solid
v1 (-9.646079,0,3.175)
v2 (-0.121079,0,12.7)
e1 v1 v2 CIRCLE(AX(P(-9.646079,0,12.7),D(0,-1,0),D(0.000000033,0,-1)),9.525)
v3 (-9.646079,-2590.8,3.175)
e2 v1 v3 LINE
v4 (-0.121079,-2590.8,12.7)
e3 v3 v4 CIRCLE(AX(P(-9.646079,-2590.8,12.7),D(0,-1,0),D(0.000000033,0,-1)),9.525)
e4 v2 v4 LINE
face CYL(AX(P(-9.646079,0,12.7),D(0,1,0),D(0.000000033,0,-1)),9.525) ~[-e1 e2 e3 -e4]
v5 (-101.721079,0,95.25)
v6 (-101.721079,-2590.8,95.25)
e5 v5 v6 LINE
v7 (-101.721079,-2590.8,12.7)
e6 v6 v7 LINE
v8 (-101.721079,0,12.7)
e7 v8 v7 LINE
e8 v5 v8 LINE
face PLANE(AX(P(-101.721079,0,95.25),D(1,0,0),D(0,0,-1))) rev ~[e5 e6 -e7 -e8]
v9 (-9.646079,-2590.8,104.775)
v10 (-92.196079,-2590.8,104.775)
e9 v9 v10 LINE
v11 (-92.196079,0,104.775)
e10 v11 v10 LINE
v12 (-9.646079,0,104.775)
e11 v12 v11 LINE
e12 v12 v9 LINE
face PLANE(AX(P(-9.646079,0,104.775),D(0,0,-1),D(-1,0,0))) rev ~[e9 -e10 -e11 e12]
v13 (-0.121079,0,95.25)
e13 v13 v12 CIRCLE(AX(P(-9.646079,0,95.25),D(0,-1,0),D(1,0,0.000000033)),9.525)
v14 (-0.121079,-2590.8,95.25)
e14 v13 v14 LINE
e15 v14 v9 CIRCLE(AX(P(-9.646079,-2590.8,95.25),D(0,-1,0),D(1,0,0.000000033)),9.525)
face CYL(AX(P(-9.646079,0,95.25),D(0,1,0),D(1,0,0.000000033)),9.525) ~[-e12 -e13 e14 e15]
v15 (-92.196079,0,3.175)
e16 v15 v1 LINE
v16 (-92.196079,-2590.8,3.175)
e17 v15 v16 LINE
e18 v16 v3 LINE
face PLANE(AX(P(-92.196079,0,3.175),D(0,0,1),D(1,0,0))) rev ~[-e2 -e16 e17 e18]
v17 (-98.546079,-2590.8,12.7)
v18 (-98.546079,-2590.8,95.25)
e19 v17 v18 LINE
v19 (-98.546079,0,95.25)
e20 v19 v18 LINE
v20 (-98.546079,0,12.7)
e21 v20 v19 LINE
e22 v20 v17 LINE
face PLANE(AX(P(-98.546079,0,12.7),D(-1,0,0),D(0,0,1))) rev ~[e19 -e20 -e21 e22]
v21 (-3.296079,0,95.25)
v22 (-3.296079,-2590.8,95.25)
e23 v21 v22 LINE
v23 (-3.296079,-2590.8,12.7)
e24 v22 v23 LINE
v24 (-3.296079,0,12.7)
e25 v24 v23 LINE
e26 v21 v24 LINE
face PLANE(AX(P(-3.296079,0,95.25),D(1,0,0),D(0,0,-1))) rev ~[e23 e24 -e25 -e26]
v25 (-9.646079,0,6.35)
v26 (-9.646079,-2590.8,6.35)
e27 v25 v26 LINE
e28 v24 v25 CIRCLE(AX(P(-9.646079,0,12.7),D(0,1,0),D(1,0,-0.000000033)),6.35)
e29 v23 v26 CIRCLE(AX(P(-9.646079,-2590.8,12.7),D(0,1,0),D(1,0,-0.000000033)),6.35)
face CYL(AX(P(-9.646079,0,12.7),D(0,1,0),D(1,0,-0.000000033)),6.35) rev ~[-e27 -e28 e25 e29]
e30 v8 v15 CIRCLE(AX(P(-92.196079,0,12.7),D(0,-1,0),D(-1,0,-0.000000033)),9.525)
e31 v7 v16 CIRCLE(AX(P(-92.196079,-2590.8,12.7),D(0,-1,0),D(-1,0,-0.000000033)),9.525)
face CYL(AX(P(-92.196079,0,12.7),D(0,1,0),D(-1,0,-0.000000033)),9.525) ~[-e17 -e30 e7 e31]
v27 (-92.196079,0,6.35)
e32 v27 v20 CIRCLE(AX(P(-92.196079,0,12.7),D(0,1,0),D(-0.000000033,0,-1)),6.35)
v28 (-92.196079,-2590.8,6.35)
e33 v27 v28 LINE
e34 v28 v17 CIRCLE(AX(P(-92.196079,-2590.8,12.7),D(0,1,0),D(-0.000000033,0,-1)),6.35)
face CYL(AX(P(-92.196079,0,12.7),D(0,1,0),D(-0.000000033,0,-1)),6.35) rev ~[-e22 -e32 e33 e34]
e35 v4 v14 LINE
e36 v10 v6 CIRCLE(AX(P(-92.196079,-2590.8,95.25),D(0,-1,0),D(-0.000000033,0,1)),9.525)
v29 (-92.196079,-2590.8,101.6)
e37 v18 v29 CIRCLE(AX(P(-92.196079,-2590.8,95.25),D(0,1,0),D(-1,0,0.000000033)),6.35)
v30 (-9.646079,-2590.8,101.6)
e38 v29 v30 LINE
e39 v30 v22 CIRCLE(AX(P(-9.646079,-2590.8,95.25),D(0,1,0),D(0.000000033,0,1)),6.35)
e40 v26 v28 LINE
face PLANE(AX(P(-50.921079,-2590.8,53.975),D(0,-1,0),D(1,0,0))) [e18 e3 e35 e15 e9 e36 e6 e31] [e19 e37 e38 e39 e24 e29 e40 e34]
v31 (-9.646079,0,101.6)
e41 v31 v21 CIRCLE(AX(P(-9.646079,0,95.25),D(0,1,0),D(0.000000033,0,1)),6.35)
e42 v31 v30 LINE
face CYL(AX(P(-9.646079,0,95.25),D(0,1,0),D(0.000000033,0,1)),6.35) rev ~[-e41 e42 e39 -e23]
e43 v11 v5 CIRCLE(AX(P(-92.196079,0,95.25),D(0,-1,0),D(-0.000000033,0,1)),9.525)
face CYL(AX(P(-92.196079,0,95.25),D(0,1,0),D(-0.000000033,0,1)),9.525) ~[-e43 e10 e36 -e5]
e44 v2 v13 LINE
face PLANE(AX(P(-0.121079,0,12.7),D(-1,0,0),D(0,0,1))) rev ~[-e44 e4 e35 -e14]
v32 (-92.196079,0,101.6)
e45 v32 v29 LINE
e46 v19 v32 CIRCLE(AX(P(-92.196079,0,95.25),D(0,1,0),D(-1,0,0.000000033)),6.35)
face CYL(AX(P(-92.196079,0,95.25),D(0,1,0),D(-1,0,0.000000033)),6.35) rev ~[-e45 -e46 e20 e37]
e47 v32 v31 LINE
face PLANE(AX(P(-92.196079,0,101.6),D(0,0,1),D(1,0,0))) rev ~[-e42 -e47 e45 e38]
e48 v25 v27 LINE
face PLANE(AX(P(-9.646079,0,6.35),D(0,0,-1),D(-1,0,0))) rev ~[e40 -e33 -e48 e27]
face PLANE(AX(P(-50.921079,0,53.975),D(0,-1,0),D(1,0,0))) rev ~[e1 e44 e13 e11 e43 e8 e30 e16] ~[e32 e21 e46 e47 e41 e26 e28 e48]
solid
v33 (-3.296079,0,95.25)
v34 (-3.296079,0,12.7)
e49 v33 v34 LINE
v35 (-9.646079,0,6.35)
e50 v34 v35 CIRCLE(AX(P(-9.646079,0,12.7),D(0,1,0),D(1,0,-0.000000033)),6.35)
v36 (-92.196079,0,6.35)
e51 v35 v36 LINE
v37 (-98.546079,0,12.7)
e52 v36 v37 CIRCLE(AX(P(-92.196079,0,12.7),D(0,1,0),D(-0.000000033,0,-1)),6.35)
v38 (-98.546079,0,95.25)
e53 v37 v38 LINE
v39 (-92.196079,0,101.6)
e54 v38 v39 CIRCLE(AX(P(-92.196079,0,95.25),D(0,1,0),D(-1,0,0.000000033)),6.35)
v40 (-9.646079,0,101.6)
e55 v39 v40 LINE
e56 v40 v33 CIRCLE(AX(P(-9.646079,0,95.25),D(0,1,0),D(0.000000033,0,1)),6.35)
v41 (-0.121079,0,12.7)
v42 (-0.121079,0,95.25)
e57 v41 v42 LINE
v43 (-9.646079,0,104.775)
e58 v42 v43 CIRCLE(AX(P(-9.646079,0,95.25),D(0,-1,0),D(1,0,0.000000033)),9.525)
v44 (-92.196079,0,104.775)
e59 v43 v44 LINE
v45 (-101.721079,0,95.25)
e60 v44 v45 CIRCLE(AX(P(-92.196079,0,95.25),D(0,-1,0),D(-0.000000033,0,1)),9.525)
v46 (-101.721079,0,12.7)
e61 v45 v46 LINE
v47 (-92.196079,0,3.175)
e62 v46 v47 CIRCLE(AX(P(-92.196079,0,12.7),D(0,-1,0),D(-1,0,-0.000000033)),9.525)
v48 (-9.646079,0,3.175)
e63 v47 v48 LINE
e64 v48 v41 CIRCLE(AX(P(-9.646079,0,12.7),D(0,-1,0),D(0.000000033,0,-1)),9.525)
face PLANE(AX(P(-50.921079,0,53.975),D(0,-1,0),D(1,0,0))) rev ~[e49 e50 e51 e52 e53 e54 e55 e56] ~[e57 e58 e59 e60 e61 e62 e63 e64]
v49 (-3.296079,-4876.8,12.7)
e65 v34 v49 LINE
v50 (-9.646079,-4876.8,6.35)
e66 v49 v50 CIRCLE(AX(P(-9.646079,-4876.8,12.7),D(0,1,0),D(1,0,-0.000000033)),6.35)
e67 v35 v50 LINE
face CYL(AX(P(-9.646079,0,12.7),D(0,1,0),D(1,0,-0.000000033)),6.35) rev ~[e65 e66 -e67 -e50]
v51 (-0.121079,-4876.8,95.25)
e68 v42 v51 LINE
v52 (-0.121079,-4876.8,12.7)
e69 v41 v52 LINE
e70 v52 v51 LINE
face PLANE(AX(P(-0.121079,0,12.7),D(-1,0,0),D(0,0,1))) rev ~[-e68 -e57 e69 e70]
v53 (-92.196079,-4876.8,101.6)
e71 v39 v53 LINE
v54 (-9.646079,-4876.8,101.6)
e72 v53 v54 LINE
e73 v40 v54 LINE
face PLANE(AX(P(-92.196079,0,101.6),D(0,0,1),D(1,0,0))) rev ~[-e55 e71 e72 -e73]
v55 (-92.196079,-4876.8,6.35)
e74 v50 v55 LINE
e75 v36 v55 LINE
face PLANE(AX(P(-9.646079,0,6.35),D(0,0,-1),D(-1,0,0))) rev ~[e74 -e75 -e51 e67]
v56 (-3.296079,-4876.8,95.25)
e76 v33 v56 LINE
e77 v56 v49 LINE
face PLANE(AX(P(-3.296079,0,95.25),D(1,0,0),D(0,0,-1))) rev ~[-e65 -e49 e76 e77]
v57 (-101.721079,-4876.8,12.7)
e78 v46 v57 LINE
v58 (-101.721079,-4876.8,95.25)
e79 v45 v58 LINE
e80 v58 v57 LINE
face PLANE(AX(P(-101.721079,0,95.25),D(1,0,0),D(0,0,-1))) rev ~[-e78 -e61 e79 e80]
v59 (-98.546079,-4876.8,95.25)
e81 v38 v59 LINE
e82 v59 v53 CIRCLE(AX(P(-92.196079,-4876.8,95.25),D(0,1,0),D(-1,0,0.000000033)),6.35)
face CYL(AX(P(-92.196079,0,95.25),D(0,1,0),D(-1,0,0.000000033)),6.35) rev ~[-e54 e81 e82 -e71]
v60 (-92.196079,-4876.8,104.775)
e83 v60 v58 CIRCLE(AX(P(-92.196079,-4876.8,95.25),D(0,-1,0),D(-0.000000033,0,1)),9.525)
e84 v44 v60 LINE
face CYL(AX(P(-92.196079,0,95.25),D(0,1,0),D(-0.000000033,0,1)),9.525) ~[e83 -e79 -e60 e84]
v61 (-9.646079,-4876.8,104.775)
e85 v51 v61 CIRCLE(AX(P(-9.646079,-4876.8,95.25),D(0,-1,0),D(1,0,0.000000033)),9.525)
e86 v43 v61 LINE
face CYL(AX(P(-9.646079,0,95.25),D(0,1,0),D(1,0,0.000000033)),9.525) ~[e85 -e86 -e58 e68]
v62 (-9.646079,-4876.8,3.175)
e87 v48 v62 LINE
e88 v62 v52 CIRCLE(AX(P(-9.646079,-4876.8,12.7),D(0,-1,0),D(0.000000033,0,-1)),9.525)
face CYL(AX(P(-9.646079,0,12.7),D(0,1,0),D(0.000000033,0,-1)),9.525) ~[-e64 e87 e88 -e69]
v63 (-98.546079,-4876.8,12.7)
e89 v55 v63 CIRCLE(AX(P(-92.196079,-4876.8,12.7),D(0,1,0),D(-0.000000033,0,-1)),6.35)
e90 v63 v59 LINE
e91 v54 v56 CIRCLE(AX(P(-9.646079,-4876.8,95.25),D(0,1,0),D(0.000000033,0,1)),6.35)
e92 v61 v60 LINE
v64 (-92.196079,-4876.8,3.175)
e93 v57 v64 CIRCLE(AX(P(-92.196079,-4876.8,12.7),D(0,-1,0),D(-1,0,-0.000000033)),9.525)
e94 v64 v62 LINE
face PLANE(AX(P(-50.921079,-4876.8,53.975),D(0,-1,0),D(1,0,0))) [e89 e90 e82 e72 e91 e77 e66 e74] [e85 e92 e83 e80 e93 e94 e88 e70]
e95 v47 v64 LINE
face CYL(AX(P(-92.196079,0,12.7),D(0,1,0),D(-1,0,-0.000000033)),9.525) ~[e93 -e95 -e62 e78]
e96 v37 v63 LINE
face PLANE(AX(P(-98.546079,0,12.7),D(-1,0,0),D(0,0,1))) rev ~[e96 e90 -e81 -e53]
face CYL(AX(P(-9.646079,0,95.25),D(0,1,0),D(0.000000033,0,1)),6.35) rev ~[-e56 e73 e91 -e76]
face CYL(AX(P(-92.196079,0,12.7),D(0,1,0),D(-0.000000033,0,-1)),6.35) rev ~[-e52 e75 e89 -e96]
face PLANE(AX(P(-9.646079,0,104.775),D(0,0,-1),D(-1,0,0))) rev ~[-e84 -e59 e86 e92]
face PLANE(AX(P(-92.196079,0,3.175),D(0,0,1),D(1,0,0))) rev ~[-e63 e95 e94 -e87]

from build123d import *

# Parameters (mm, degrees)
F1_DEPTH = 4876.8
F2_DEPTH = 2590.8


with BuildPart() as f1:
    # F0 (on Front) → F1 (new body)
    with BuildSketch(Plane.XZ):
        with BuildLine():
            Line((-92.196079, 3.175), (-9.646079, 3.175))
            ThreePointArc((-9.646079, 3.175), (-2.910887, 5.964808), (-0.121079, 12.7))
            Line((-0.121079, 12.7), (-0.121079, 95.25))
            ThreePointArc((-0.121079, 95.25), (-2.910887, 101.985192), (-9.646079, 104.775))
            Line((-9.646079, 104.775), (-92.196079, 104.775))
            ThreePointArc((-92.196079, 104.775), (-98.931271, 101.985192), (-101.721079, 95.25))
            Line((-101.721079, 95.25), (-101.721079, 12.7))
            ThreePointArc((-101.721079, 12.7), (-98.931271, 5.964808), (-92.196079, 3.175))
        make_face()
        with BuildLine():
            ThreePointArc((-98.546079, 95.25), (-96.686207, 99.740128), (-92.196079, 101.6))
            Line((-92.196079, 101.6), (-9.646079, 101.6))
            ThreePointArc((-9.646079, 101.6), (-5.155951, 99.740128), (-3.296079, 95.25))
            Line((-3.296079, 95.25), (-3.296079, 12.7))
            ThreePointArc((-3.296079, 12.7), (-5.155951, 8.209872), (-9.646079, 6.35))
            Line((-9.646079, 6.35), (-92.196079, 6.35))
            ThreePointArc((-92.196079, 6.35), (-96.686207, 8.209872), (-98.546079, 12.7))
            Line((-98.546079, 12.7), (-98.546079, 95.25))
        make_face(mode=Mode.SUBTRACT)
    extrude(amount=F1_DEPTH)


with BuildPart() as f2:
    # F0 (on Front) → F2 (new body)
    with BuildSketch(Plane.XZ):
        with BuildLine():
            Line((-92.196079, 3.175), (-9.646079, 3.175))
            ThreePointArc((-9.646079, 3.175), (-2.910887, 5.964808), (-0.121079, 12.7))
            Line((-0.121079, 12.7), (-0.121079, 95.25))
            ThreePointArc((-0.121079, 95.25), (-2.910887, 101.985192), (-9.646079, 104.775))
            Line((-9.646079, 104.775), (-92.196079, 104.775))
            ThreePointArc((-92.196079, 104.775), (-98.931271, 101.985192), (-101.721079, 95.25))
            Line((-101.721079, 95.25), (-101.721079, 12.7))
            ThreePointArc((-101.721079, 12.7), (-98.931271, 5.964808), (-92.196079, 3.175))
        make_face()
        with BuildLine():
            ThreePointArc((-98.546079, 95.25), (-96.686207, 99.740128), (-92.196079, 101.6))
            Line((-92.196079, 101.6), (-9.646079, 101.6))
            ThreePointArc((-9.646079, 101.6), (-5.155951, 99.740128), (-3.296079, 95.25))
            Line((-3.296079, 95.25), (-3.296079, 12.7))
            ThreePointArc((-3.296079, 12.7), (-5.155951, 8.209872), (-9.646079, 6.35))
            Line((-9.646079, 6.35), (-92.196079, 6.35))
            ThreePointArc((-92.196079, 6.35), (-96.686207, 8.209872), (-98.546079, 12.7))
            Line((-98.546079, 12.7), (-98.546079, 95.25))
        make_face(mode=Mode.SUBTRACT)
    extrude(amount=F2_DEPTH)


solid = Compound([f1.part, f2.part])
